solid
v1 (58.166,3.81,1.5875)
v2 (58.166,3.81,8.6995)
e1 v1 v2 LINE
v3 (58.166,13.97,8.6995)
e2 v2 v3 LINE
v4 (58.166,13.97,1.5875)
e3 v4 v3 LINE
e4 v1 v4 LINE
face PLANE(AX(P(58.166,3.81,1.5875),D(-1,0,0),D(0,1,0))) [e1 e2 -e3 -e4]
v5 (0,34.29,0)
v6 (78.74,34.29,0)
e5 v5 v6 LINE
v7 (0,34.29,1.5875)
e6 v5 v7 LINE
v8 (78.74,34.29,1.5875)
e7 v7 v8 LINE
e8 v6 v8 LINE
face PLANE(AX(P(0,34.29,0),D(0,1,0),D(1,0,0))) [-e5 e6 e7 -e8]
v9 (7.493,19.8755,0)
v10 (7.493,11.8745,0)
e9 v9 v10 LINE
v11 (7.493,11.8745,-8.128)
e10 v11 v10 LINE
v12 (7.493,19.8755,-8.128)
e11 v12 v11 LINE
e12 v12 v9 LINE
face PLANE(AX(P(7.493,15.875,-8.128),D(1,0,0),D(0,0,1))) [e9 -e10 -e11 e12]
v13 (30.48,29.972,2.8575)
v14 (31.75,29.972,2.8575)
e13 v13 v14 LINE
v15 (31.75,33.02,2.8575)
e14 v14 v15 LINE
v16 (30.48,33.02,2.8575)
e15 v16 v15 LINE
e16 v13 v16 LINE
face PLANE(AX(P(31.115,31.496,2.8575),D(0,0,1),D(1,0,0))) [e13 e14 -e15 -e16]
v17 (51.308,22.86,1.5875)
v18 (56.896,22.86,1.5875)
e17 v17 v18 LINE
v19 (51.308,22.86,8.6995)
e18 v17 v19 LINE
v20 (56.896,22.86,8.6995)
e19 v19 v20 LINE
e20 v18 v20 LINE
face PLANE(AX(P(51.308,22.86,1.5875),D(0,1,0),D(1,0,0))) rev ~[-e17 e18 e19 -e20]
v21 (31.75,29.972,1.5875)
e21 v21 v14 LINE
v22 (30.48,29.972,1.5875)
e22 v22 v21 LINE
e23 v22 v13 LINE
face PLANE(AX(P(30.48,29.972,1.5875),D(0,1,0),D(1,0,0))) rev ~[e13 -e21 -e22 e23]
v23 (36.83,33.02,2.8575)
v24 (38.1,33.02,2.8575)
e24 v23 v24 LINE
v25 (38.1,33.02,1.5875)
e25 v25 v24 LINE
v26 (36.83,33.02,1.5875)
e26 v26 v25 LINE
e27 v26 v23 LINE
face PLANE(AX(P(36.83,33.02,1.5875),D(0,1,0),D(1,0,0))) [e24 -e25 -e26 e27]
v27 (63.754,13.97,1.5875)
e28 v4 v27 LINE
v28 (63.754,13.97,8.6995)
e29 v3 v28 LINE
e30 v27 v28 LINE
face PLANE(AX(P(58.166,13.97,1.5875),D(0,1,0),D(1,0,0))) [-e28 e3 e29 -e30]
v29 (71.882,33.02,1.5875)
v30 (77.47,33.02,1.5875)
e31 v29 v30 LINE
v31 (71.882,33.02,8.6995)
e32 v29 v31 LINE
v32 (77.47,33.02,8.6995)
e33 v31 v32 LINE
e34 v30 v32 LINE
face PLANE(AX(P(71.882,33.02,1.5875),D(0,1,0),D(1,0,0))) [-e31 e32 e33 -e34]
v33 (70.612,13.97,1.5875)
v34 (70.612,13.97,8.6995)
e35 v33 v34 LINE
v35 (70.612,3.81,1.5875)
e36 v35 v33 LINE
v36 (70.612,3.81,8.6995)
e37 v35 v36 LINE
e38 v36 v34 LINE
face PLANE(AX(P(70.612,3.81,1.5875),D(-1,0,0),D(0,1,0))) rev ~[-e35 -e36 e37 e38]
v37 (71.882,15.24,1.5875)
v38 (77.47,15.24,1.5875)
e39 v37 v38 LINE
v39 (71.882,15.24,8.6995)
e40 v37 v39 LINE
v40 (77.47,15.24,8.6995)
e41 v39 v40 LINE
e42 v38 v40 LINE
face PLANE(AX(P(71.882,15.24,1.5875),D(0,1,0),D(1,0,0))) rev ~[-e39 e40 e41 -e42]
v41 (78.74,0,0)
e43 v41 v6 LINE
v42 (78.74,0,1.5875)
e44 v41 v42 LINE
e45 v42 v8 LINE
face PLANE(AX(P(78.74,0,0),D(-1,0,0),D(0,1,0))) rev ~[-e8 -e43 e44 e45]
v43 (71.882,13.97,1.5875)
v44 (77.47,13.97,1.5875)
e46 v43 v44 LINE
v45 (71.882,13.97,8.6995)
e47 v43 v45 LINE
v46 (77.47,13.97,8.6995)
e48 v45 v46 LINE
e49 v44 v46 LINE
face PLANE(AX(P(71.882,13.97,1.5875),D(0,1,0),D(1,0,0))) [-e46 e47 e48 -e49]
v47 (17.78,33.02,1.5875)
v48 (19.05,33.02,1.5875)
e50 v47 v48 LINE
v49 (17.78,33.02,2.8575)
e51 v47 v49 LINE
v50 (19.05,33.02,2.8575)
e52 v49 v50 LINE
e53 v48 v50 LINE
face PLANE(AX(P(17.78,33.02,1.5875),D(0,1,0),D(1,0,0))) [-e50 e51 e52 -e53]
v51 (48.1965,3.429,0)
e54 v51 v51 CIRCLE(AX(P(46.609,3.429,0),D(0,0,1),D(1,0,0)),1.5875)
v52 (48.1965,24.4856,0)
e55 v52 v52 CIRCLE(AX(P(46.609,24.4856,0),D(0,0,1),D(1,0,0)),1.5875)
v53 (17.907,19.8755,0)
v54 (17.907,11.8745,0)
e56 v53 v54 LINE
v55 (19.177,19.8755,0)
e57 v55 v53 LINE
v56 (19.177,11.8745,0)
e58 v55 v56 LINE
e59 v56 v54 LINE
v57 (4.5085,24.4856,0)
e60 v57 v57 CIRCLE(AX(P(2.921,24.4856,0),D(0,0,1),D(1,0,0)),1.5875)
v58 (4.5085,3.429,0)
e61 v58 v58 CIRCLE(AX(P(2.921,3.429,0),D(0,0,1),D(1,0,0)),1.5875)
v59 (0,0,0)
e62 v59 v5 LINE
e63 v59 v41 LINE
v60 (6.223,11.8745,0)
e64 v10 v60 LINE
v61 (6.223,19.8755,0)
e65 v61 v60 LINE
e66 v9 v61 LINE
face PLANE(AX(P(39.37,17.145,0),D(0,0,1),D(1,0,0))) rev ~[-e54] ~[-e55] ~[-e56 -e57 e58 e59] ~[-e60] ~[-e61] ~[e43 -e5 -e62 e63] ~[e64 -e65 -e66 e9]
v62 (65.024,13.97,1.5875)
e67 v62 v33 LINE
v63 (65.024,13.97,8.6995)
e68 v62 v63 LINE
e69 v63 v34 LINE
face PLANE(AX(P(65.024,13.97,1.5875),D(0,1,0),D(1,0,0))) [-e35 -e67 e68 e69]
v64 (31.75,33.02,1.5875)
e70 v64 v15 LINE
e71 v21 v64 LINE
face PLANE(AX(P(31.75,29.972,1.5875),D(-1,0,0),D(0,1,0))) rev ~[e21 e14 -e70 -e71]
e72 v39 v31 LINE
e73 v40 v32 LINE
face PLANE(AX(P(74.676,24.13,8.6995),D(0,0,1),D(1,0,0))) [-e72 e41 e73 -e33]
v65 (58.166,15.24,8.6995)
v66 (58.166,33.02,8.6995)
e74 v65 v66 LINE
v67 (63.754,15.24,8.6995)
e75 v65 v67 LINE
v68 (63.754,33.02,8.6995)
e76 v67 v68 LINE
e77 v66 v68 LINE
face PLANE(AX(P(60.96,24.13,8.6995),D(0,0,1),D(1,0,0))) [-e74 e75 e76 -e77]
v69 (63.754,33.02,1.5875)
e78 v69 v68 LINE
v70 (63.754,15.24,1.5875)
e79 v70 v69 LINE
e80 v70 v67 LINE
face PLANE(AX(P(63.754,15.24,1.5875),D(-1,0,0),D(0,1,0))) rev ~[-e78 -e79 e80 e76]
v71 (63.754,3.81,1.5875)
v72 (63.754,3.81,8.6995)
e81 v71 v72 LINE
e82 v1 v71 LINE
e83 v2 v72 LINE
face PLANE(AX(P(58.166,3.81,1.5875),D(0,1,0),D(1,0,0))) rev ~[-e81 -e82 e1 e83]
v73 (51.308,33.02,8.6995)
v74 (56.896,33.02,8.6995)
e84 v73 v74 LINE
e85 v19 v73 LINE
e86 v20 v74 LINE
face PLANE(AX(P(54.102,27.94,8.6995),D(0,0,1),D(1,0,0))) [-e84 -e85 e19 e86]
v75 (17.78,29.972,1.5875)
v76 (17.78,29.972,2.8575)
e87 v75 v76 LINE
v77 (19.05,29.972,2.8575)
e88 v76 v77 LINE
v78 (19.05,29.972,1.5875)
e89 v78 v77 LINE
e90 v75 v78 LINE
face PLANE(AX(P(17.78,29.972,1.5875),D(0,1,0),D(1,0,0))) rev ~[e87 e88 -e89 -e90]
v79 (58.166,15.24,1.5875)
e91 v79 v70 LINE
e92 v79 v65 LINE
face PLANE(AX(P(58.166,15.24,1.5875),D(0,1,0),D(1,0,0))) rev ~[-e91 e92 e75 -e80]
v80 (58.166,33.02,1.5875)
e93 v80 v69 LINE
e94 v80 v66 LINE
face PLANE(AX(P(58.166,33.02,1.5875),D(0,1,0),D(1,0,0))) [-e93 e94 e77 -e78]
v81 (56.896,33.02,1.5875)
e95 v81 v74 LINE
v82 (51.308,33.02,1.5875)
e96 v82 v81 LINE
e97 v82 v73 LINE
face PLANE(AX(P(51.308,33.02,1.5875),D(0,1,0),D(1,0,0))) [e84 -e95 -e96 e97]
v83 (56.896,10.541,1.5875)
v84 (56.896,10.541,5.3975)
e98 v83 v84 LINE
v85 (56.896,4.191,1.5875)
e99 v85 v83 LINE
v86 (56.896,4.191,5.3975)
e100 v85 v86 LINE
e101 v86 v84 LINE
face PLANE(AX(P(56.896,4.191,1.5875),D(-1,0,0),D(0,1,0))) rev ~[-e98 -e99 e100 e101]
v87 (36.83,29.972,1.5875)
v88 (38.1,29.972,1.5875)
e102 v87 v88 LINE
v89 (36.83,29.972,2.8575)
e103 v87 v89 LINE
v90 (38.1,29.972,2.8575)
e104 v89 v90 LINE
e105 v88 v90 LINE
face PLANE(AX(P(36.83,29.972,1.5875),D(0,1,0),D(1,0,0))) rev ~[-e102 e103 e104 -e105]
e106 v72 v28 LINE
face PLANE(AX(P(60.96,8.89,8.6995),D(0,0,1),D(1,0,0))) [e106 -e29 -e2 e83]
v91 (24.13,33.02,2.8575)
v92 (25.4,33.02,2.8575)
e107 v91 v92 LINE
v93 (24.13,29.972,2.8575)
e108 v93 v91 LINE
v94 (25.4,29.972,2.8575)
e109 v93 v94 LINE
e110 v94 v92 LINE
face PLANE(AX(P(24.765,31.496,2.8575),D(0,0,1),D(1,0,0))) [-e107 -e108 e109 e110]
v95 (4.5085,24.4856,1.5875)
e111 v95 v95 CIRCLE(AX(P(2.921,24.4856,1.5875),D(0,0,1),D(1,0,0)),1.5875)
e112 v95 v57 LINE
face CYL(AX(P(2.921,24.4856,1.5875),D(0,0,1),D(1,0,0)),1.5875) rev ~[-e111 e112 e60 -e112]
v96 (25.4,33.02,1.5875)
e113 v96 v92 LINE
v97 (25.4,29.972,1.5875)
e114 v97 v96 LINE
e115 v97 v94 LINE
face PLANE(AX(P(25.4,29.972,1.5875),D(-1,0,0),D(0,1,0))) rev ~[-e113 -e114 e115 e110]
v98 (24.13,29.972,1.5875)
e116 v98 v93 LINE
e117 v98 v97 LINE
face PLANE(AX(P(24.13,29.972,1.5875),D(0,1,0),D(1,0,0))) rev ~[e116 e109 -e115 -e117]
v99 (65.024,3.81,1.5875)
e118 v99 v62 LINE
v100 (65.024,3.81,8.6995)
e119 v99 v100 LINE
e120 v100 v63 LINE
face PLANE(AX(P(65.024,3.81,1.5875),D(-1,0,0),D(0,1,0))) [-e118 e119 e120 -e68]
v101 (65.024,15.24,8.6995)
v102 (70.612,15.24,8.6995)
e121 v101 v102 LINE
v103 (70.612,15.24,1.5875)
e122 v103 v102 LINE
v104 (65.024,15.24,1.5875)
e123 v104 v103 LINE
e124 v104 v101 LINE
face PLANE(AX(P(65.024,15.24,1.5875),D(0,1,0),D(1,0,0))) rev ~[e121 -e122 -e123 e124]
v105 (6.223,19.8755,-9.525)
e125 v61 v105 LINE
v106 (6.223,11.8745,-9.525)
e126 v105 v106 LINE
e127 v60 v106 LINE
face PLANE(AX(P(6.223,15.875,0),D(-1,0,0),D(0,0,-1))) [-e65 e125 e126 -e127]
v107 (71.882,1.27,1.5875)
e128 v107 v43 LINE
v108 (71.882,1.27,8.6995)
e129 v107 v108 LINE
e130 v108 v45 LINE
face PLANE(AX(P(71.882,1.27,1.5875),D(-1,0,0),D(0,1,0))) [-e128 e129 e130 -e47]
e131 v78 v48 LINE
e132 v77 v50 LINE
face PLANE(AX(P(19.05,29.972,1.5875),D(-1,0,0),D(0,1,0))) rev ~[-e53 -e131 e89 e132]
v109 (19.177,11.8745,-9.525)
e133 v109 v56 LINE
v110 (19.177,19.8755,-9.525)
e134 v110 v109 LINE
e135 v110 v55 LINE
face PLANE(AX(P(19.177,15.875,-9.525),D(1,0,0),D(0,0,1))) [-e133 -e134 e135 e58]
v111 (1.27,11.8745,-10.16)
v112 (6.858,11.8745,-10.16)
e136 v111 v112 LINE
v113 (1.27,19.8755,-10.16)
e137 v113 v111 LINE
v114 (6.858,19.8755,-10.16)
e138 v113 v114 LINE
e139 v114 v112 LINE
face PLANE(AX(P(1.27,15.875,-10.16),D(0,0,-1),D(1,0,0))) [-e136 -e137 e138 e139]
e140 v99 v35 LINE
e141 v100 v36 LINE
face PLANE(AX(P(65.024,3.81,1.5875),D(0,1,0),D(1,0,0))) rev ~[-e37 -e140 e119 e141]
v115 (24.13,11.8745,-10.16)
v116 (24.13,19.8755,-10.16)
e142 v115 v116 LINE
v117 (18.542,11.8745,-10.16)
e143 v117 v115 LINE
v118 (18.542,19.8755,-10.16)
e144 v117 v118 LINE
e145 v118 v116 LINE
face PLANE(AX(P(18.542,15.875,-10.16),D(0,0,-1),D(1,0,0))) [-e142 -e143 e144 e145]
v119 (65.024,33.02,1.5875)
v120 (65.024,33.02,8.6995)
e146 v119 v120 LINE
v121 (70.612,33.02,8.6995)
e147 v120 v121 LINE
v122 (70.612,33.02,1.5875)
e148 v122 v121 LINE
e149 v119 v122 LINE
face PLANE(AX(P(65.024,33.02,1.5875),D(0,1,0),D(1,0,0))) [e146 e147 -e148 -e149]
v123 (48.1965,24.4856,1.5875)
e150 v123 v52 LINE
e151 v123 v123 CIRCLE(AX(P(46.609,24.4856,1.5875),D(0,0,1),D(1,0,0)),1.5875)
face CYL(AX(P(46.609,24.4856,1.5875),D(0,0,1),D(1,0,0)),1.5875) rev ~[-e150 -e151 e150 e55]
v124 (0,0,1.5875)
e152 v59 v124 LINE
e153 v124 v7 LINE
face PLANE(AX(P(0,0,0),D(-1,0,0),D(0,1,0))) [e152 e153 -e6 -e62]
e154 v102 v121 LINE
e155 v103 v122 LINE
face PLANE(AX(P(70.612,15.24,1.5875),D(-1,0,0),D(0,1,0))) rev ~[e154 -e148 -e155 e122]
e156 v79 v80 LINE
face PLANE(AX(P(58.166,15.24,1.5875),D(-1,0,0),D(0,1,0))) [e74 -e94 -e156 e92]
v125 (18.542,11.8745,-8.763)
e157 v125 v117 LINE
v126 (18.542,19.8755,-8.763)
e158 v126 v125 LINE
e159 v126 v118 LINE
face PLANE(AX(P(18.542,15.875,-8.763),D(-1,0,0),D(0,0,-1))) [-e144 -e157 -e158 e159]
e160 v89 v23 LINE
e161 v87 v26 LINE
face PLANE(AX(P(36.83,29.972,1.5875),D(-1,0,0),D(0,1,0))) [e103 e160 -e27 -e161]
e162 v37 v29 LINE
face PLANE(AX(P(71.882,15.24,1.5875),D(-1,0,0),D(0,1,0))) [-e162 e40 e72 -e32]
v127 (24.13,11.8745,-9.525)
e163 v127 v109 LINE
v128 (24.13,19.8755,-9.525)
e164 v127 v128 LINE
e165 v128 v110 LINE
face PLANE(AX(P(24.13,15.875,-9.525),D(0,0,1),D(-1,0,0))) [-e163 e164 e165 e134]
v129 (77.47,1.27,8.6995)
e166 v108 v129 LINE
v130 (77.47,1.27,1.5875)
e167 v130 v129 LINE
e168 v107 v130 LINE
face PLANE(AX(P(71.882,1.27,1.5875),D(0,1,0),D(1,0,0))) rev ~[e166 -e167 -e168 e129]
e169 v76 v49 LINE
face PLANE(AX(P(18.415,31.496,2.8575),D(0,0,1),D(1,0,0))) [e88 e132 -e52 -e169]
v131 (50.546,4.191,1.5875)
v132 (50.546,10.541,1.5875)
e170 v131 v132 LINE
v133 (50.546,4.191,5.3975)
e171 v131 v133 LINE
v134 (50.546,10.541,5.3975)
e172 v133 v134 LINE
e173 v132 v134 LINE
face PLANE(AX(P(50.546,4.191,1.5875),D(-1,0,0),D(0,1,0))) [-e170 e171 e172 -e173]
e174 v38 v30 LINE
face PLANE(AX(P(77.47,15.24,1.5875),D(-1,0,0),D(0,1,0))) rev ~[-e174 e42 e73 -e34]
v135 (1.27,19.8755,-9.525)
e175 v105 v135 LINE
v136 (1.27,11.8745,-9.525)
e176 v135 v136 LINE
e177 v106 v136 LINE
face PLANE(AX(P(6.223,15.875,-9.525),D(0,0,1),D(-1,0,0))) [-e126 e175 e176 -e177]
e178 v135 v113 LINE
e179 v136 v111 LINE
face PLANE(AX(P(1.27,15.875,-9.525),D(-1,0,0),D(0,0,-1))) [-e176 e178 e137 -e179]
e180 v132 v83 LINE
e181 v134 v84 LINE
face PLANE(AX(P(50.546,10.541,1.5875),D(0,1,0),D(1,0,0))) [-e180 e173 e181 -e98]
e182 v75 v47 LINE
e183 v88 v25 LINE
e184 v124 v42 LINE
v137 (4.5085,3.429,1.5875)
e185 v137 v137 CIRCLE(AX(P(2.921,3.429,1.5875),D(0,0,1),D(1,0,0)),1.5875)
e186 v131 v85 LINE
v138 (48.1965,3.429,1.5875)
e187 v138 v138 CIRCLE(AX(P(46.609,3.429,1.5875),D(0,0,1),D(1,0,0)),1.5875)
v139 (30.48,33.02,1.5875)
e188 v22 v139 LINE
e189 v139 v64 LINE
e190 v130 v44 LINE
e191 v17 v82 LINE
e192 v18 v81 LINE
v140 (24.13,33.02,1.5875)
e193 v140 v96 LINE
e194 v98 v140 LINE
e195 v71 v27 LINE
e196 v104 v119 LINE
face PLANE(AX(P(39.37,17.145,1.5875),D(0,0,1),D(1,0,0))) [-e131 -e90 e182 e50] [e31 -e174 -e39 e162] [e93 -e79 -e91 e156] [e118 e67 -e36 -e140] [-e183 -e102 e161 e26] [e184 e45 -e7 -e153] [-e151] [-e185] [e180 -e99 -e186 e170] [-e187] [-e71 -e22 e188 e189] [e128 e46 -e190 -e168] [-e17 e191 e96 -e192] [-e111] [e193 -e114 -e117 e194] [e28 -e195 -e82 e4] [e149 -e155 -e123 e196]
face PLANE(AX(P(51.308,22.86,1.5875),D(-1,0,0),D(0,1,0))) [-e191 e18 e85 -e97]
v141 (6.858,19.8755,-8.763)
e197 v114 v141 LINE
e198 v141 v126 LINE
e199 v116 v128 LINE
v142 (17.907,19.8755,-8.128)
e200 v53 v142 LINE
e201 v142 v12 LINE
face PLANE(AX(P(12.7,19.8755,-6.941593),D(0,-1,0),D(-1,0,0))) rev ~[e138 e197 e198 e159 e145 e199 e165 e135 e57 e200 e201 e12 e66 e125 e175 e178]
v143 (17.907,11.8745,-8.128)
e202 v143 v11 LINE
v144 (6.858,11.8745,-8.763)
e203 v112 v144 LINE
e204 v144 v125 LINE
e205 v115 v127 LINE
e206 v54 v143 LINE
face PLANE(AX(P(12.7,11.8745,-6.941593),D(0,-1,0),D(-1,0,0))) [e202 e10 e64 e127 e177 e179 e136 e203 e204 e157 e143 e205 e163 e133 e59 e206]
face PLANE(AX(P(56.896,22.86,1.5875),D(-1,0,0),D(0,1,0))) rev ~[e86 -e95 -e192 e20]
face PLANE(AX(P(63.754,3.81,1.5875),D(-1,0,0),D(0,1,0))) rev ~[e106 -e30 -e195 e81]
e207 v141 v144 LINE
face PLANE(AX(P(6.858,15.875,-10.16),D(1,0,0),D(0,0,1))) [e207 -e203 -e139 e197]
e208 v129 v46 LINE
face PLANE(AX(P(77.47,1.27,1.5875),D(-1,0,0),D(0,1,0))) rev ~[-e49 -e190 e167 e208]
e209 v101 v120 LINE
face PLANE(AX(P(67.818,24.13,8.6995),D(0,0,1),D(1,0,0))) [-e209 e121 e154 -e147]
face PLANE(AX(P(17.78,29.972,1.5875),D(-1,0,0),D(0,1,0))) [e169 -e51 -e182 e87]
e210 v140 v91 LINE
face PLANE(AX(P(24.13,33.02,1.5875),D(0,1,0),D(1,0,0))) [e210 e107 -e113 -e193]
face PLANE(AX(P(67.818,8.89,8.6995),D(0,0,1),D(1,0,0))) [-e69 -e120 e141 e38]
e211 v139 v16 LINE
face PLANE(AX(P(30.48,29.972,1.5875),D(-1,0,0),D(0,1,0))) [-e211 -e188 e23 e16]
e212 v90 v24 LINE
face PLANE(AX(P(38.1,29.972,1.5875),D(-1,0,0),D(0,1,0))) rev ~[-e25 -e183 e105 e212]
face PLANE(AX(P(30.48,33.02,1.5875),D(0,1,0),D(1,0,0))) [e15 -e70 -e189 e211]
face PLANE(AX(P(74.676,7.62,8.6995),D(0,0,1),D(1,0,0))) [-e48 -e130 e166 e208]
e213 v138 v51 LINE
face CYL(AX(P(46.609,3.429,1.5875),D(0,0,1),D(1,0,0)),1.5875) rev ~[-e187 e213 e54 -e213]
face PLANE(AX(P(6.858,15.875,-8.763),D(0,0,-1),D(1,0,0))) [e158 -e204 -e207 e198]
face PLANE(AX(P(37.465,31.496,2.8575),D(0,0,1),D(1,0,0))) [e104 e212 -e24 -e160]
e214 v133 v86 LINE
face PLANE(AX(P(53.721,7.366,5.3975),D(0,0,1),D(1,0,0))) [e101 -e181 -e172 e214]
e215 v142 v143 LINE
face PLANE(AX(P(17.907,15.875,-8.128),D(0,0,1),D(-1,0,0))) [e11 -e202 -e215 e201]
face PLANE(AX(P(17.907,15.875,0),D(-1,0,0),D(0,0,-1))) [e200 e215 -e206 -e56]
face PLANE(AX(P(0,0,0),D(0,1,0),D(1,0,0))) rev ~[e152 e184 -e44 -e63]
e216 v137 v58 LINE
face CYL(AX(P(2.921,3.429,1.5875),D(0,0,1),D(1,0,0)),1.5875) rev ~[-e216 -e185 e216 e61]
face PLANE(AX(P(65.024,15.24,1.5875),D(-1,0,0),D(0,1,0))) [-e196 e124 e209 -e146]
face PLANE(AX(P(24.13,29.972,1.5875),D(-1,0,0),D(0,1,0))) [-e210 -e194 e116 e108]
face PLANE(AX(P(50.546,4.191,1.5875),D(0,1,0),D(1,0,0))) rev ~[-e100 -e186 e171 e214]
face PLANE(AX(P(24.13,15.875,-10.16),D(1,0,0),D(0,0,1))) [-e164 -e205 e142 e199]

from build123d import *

# Parameters (mm, degrees)
SKETCH1_W           = 78.74
SKETCH1_H           = 34.29
BOSS_EXTRUDE1_DEPTH = 1.5875
CUT_EXTRUDE1_REACH  = 87.897
SKETCH2_R           = 1.5875
SKETCH3_W           = 5.588
SKETCH3_H           = 10.16
SKETCH3_H_2         = 17.78
SKETCH3_H_3         = 12.7
BOSS_EXTRUDE2_DEPTH = 7.112
SKETCH4_W           = 6.35
SKETCH4_H           = 6.35
BOSS_EXTRUDE3_DEPTH = 3.81
BOSS_EXTRUDE4_DEPTH = 4.0005
SKETCH6_W           = 1.27
SKETCH6_H           = 3.048
BOSS_EXTRUDE5_DEPTH = 1.27


with BuildPart() as part:
    # Sketch1 → Boss-Extrude1 (new body)
    with BuildSketch(Plane.XY):
        with Locations((39.37, 17.145)):
            Rectangle(SKETCH1_W, SKETCH1_H)
    extrude(amount=BOSS_EXTRUDE1_DEPTH)

    # Sketch2 → Cut-Extrude1 (cut, up to next)
    with BuildSketch(Plane.XY.offset(1.5875), mode=Mode.PRIVATE) as cut_extrude1_sk1:
        with Locations((2.921, 3.429)):
            Circle(SKETCH2_R)
    cut_extrude1_tool1 = extrude(cut_extrude1_sk1.sketch, amount=-CUT_EXTRUDE1_REACH, mode=Mode.PRIVATE) & part.part
    # Sketch2 → Cut-Extrude1 (cut, up to next)
    with BuildSketch(Plane.XY.offset(1.5875), mode=Mode.PRIVATE) as cut_extrude1_sk2:
        with Locations((2.921, 24.4856)):
            Circle(SKETCH2_R)
    cut_extrude1_tool2 = extrude(cut_extrude1_sk2.sketch, amount=-CUT_EXTRUDE1_REACH, mode=Mode.PRIVATE) & part.part
    # Sketch2 → Cut-Extrude1 (cut, up to next)
    with BuildSketch(Plane.XY.offset(1.5875), mode=Mode.PRIVATE) as cut_extrude1_sk3:
        with Locations((46.609, 24.4856)):
            Circle(SKETCH2_R)
    cut_extrude1_tool3 = extrude(cut_extrude1_sk3.sketch, amount=-CUT_EXTRUDE1_REACH, mode=Mode.PRIVATE) & part.part
    # Sketch2 → Cut-Extrude1 (cut, up to next)
    with BuildSketch(Plane.XY.offset(1.5875), mode=Mode.PRIVATE) as cut_extrude1_sk4:
        with Locations((46.609, 3.429)):
            Circle(SKETCH2_R)
    cut_extrude1_tool4 = extrude(cut_extrude1_sk4.sketch, amount=-CUT_EXTRUDE1_REACH, mode=Mode.PRIVATE) & part.part
    add(cut_extrude1_tool1.solids().sort_by_distance((2.921, 3.429, 1.5875))[0], mode=Mode.SUBTRACT)
    add(cut_extrude1_tool2.solids().sort_by_distance((2.921, 24.4856, 1.5875))[0], mode=Mode.SUBTRACT)
    add(cut_extrude1_tool3.solids().sort_by_distance((46.609, 24.4856, 1.5875))[0], mode=Mode.SUBTRACT)
    add(cut_extrude1_tool4.solids().sort_by_distance((46.609, 3.429, 1.5875))[0], mode=Mode.SUBTRACT)

    # Sketch3 → Boss-Extrude2 (add)
    with BuildSketch(Plane.XY.offset(1.5875)):
        with Locations((54.102, 27.94)):
            Rectangle(SKETCH3_W, SKETCH3_H)
        with Locations((60.96, 24.13)):
            Rectangle(SKETCH3_W, SKETCH3_H_2)
        with Locations((67.818, 24.13)):
            Rectangle(SKETCH3_W, SKETCH3_H_2)
        with Locations((74.676, 24.13)):
            Rectangle(SKETCH3_W, SKETCH3_H_2)
        with Locations((60.96, 8.89)):
            Rectangle(SKETCH3_W, SKETCH3_H)
        with Locations((67.818, 8.89)):
            Rectangle(SKETCH3_W, SKETCH3_H)
        with Locations((74.676, 7.62)):
            Rectangle(SKETCH3_W, SKETCH3_H_3)
    extrude(amount=BOSS_EXTRUDE2_DEPTH)

    # Sketch4 → Boss-Extrude3 (add)
    with BuildSketch(Plane.XY.offset(1.5875)):
        with Locations((53.721, 7.366)):
            Rectangle(SKETCH4_W, SKETCH4_H)
    extrude(amount=BOSS_EXTRUDE3_DEPTH)

    # Sketch5 → Boss-Extrude4 (add, symmetric)
    with BuildSketch(Plane(origin=(0, 15.875, 0), x_dir=(-1, 0, 0), z_dir=(0, -1, 0))):
        Polygon((-24.13, 9.525), (-19.177, 9.525), (-19.177, 0), (-17.907, 0), (-17.907, 8.128), (-7.493, 8.128), (-7.493, 0), (-6.223, 0), (-6.223, 9.525), (-1.27, 9.525), (-1.27, 10.16), (-6.858, 10.16), (-6.858, 8.763), (-18.542, 8.763), (-18.542, 10.16), (-24.13, 10.16), align=None)
    extrude(amount=BOSS_EXTRUDE4_DEPTH, both=True)

    # Sketch6 → Boss-Extrude5 (add)
    with BuildSketch(Plane.XY.offset(1.5875)):
        with Locations((37.465, 31.496)):
            Rectangle(SKETCH6_W, SKETCH6_H)
        with Locations((31.115, 31.496)):
            Rectangle(SKETCH6_W, SKETCH6_H)
        with Locations((24.765, 31.496)):
            Rectangle(SKETCH6_W, SKETCH6_H)
        with Locations((18.415, 31.496)):
            Rectangle(SKETCH6_W, SKETCH6_H)
    extrude(amount=BOSS_EXTRUDE5_DEPTH)


solid = part.part
